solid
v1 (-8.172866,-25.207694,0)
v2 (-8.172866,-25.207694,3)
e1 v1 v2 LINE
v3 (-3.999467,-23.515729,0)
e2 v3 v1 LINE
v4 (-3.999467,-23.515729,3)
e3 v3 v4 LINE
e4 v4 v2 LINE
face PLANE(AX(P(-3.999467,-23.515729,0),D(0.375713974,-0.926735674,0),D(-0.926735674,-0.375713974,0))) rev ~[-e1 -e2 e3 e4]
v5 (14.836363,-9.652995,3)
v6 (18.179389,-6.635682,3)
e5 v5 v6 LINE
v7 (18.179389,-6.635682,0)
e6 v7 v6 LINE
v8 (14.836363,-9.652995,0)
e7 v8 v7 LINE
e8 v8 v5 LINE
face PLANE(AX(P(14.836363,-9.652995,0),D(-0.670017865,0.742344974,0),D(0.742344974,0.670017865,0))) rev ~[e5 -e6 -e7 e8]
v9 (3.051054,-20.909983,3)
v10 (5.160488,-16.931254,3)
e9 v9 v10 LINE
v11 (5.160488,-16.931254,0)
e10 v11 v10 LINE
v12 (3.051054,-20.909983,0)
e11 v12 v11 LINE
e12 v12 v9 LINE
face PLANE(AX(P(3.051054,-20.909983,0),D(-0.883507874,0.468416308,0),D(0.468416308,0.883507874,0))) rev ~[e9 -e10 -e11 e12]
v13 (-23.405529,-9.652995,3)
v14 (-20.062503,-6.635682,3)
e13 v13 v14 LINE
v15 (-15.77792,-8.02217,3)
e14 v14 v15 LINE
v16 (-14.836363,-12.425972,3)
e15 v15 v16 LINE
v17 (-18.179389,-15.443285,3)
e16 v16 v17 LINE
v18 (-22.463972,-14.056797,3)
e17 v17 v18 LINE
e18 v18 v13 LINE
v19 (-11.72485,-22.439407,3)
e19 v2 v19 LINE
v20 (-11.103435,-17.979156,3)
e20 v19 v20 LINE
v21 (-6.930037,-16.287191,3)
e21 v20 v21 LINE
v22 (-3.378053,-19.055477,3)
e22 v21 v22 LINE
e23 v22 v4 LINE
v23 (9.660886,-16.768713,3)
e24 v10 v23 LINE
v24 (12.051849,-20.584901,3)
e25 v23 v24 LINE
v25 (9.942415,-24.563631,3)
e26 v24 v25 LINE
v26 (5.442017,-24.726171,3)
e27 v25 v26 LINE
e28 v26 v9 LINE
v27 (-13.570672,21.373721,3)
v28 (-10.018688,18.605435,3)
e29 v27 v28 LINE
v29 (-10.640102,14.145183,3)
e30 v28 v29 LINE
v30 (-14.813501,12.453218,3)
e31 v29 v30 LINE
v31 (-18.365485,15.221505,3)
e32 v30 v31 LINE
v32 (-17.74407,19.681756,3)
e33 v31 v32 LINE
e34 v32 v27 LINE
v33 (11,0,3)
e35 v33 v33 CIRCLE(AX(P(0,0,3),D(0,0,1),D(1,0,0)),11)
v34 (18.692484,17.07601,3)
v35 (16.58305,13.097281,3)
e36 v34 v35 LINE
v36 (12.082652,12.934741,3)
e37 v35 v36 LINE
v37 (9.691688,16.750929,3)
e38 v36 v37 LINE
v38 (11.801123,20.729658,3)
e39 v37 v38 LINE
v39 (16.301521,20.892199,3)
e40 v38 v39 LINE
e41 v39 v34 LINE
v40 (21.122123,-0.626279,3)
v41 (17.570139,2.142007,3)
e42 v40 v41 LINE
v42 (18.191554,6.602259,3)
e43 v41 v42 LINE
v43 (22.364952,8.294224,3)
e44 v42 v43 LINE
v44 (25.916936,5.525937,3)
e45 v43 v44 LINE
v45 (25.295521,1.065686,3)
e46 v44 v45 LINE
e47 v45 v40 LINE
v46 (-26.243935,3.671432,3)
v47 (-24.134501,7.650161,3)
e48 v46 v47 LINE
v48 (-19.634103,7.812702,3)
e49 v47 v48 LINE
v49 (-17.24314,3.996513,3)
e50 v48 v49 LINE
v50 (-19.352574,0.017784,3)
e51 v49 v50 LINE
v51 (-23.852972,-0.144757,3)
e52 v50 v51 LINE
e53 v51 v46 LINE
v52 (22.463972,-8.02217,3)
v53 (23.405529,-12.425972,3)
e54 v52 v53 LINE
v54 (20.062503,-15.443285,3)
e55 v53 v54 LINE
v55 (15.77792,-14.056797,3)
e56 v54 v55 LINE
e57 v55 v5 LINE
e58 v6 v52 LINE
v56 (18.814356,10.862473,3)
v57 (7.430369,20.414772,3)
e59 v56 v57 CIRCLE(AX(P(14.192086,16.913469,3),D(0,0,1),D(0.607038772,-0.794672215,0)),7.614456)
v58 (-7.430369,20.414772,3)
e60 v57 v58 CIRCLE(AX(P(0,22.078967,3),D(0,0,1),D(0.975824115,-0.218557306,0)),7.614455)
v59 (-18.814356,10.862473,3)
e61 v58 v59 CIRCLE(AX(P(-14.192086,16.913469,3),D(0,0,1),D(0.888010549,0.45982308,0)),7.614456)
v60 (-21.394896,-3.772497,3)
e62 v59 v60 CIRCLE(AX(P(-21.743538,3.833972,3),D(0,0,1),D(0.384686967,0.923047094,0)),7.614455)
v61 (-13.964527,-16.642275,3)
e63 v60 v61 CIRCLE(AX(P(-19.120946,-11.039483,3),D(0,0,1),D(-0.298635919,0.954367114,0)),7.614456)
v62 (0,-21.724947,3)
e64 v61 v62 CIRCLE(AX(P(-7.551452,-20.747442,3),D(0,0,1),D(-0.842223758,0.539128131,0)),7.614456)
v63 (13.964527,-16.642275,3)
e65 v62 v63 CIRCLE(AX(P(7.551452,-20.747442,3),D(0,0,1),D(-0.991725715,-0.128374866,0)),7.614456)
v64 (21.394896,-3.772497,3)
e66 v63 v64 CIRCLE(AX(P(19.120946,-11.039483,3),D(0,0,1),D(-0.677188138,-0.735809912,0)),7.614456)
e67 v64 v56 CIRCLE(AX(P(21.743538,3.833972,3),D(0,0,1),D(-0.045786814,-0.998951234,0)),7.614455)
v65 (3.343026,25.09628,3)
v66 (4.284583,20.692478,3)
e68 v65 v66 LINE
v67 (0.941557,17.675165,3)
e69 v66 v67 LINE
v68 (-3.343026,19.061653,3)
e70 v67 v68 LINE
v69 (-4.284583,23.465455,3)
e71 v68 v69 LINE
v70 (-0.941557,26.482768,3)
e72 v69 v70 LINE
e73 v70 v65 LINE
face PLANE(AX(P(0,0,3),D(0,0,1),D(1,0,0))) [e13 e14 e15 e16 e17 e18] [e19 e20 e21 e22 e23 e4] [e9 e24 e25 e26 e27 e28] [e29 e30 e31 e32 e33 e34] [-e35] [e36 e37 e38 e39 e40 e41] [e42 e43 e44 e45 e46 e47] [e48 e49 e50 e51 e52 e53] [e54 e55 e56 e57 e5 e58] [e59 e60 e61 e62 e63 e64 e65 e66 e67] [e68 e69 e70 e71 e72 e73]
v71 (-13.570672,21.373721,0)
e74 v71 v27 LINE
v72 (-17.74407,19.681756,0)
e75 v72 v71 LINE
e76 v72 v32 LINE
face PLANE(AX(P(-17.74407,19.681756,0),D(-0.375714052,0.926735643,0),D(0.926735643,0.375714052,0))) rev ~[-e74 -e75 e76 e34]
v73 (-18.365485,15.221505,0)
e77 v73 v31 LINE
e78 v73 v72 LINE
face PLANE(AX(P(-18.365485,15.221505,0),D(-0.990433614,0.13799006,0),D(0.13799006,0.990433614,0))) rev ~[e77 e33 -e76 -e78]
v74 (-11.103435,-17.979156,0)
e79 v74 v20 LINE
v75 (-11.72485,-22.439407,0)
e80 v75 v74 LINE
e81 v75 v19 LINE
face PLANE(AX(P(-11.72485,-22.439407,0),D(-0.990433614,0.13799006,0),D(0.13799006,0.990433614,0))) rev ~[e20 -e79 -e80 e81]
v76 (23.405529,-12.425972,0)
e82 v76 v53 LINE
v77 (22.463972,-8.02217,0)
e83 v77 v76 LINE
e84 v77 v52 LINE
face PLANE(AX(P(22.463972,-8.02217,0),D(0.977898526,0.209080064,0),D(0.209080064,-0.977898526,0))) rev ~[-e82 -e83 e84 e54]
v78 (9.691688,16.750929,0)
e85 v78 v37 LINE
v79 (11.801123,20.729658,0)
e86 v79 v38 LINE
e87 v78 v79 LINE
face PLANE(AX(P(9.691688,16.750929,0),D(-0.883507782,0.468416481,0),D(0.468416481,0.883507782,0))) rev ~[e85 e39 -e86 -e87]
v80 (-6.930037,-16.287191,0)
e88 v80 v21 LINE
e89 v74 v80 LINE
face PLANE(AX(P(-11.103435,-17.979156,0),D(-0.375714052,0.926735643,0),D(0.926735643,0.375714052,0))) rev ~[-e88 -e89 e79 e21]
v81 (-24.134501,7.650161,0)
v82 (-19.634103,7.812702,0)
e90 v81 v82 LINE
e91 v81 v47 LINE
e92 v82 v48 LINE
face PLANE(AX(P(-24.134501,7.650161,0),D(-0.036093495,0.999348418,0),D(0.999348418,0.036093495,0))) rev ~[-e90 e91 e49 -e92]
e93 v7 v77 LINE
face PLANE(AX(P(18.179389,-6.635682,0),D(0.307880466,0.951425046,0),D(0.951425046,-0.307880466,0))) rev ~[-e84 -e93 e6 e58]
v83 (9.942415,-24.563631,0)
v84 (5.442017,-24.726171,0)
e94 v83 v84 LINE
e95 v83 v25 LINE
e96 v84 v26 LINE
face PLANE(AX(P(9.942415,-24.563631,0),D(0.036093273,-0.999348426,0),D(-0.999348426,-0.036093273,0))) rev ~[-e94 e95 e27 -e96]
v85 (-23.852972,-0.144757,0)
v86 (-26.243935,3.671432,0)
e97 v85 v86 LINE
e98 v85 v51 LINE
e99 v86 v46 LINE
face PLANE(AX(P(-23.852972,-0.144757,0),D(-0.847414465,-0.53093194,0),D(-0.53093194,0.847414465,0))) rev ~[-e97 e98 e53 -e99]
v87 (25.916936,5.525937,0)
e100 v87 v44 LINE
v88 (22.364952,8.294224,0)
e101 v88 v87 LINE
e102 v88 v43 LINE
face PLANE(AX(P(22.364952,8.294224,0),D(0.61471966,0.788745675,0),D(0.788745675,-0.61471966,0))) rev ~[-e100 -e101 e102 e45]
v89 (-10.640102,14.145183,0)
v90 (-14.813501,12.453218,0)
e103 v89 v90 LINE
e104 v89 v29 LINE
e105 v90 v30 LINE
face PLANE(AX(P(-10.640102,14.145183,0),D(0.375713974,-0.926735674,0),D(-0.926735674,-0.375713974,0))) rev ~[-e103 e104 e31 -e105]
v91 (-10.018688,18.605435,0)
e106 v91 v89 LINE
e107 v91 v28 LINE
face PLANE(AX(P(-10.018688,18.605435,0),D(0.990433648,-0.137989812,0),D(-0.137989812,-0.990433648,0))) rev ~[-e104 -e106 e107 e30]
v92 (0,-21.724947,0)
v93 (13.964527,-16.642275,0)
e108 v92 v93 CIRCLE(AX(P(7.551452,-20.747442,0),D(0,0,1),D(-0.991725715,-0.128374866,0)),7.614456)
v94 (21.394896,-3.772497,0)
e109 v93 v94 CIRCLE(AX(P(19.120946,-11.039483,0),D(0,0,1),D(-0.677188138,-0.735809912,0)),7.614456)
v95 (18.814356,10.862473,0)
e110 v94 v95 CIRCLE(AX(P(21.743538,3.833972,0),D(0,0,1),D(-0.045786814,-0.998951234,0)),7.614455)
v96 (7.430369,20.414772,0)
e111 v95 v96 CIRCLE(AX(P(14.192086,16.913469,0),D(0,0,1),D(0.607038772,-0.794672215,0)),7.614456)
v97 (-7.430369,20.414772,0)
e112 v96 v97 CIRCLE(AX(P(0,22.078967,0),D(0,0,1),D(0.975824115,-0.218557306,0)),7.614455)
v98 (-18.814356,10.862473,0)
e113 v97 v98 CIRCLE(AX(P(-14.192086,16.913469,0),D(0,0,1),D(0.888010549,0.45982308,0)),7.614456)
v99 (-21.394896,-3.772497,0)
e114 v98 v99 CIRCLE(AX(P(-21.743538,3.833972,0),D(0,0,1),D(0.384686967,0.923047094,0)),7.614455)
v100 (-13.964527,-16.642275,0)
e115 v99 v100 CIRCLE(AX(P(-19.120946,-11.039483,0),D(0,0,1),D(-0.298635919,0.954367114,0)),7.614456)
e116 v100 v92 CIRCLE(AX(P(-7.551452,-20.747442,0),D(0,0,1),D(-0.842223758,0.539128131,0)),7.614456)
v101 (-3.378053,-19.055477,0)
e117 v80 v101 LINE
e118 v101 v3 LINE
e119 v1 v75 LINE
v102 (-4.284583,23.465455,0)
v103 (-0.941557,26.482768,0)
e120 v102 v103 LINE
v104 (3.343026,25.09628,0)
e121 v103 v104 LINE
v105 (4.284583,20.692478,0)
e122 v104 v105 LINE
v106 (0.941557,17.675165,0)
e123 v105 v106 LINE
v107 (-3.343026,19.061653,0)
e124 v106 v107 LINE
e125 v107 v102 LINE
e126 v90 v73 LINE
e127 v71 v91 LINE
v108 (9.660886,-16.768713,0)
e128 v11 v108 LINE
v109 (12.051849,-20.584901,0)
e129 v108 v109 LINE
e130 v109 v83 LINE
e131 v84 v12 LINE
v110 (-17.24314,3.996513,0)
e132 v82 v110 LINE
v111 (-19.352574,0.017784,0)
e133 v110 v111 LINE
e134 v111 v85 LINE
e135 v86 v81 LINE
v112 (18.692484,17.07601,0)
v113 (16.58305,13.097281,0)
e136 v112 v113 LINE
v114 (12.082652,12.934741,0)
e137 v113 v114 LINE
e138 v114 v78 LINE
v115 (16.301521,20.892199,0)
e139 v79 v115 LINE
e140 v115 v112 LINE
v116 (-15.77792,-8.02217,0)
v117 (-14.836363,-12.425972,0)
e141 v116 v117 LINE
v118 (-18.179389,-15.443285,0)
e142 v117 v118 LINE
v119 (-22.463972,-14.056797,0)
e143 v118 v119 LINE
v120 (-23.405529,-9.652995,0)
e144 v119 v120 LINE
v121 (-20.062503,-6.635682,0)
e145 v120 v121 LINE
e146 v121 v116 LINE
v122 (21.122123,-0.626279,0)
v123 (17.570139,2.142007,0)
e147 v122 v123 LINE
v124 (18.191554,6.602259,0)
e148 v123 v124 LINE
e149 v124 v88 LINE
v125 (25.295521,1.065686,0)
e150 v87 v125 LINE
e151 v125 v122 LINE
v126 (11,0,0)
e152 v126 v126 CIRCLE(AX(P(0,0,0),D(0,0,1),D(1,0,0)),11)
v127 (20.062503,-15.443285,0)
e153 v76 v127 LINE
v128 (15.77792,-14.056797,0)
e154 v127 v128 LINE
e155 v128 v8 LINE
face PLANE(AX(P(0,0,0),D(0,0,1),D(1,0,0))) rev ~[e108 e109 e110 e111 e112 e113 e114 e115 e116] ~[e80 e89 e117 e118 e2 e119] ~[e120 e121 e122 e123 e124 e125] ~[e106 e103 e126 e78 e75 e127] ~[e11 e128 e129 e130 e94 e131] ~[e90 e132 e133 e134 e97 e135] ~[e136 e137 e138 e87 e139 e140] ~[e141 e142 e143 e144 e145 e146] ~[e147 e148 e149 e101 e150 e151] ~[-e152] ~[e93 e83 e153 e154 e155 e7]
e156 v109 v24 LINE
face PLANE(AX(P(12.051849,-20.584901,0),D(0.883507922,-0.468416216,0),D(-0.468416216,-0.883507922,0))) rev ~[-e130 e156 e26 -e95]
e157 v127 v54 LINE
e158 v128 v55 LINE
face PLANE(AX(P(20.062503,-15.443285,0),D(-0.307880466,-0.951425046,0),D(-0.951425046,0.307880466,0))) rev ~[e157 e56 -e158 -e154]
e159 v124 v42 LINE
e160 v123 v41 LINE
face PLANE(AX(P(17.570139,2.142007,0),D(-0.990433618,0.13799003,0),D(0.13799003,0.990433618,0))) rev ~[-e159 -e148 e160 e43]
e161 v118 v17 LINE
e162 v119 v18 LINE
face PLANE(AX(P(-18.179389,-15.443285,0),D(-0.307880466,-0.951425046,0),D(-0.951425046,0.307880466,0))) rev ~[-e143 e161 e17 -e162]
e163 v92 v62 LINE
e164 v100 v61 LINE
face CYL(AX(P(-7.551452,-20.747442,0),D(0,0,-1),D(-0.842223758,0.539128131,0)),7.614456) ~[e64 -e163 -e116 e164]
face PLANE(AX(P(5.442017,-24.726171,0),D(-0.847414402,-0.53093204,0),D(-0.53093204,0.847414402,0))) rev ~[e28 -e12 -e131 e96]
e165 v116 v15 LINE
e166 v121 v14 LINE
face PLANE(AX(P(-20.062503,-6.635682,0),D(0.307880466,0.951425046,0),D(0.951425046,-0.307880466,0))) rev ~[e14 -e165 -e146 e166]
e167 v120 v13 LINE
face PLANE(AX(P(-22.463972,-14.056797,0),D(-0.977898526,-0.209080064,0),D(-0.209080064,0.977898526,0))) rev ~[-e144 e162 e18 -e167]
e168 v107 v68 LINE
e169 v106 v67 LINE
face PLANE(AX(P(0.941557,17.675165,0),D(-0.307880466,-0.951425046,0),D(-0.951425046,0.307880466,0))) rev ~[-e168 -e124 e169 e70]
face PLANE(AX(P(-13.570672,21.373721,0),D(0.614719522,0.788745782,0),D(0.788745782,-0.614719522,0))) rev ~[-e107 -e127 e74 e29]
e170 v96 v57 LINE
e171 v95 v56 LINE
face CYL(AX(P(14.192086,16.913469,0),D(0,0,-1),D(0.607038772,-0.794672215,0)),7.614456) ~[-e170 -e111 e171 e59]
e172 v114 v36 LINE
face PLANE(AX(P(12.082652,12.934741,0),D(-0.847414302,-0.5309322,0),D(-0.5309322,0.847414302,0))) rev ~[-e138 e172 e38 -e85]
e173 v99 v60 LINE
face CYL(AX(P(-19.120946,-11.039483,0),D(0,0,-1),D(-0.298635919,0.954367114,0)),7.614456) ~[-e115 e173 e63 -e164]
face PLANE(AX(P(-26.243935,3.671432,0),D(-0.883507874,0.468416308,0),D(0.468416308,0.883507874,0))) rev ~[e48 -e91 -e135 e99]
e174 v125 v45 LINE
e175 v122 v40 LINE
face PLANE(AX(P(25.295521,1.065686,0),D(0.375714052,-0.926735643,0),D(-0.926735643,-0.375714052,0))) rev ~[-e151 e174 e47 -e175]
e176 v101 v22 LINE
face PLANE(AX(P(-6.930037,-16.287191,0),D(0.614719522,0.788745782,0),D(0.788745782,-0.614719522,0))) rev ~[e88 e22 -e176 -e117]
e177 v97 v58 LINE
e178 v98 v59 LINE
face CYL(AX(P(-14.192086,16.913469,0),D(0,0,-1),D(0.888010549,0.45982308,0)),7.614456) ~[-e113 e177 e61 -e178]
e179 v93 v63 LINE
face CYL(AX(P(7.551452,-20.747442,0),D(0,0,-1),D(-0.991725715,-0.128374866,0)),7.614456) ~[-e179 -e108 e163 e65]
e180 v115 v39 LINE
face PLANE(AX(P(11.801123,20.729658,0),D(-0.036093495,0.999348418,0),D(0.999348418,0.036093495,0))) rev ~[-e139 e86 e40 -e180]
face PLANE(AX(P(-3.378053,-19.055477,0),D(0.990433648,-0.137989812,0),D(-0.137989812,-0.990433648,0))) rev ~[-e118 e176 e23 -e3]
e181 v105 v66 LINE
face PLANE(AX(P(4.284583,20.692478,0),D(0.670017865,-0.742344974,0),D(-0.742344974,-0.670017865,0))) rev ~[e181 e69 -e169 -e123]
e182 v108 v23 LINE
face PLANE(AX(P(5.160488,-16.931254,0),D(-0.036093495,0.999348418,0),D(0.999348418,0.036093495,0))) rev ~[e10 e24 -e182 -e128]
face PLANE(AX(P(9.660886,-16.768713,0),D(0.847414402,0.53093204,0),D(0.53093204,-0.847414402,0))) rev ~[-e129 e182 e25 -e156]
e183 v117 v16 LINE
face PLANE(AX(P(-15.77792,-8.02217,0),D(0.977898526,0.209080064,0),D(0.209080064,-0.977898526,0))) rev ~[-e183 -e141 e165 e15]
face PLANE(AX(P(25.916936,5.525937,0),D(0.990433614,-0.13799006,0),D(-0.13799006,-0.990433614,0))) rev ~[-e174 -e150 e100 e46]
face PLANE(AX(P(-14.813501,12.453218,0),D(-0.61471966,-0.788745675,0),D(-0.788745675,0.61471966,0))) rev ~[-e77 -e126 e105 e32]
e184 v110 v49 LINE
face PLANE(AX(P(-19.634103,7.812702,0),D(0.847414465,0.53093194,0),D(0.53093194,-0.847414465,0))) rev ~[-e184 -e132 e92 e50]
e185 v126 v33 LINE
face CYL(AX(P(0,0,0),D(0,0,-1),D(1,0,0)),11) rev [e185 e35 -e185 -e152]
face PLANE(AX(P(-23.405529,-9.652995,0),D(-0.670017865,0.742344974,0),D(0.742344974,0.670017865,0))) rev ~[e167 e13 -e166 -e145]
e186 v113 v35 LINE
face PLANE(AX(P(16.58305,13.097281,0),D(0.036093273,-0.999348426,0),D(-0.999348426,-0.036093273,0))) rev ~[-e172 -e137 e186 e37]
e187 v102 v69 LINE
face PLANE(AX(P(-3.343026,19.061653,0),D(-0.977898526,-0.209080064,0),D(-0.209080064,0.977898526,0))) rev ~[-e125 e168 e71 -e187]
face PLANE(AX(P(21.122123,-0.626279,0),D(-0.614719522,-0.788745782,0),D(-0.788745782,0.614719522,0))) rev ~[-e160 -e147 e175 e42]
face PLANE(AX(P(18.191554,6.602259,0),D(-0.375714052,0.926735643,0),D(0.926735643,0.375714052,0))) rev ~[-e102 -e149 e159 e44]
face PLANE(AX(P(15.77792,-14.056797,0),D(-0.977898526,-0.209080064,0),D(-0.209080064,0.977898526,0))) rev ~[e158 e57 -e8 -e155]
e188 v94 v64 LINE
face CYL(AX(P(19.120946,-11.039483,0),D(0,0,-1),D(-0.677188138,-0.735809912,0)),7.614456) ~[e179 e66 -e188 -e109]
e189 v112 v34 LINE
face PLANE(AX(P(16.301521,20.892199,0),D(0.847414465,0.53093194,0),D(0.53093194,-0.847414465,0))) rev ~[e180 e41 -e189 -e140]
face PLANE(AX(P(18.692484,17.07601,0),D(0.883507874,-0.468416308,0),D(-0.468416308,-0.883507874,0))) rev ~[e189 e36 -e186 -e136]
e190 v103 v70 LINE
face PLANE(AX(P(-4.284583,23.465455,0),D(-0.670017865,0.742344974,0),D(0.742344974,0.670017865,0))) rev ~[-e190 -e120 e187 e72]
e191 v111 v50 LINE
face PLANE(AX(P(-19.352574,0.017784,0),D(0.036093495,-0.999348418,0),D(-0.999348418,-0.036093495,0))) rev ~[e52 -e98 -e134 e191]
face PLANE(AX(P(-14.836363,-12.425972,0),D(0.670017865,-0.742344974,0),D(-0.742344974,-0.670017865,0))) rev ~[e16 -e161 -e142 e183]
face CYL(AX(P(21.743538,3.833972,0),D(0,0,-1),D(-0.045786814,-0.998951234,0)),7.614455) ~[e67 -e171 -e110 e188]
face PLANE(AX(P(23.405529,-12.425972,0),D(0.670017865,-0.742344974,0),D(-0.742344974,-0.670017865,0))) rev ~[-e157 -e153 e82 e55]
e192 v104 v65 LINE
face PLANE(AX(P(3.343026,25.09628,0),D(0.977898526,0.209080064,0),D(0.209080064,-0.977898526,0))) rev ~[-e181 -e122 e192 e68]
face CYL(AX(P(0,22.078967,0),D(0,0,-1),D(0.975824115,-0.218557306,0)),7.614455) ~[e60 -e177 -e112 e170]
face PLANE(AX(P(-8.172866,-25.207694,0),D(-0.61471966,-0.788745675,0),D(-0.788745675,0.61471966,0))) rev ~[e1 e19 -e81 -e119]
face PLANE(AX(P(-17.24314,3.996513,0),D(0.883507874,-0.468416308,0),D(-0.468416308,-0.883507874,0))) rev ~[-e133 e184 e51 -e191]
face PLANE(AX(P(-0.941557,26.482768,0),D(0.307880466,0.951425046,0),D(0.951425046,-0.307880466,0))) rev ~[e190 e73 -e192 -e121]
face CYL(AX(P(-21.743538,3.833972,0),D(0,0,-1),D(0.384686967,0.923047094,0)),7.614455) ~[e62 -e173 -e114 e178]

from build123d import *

# Parameters (mm, degrees)
F0_R     = 11
F1_DEPTH = 3


with BuildPart() as f1:
    # F0 (on Top) → F1 (new body)
    with BuildSketch(Plane.XY):
        with BuildLine():
            ThreePointArc((18.814356, 10.862473), (19.086564, 22.746481), (7.430369, 20.414772))
            ThreePointArc((7.430369, 20.414772), (0, 29.693422), (-7.430369, 20.414772))
            ThreePointArc((-7.430369, 20.414772), (-19.086564, 22.746481), (-18.814356, 10.862473))
            ThreePointArc((-18.814356, 10.862473), (-29.242312, 5.156209), (-21.394896, -3.772497))
            ThreePointArc((-21.394896, -3.772497), (-25.715258, -14.846711), (-13.964527, -16.642275))
            ThreePointArc((-13.964527, -16.642275), (-10.155749, -27.90269), (0, -21.724947))
            ThreePointArc((0, -21.724947), (10.155749, -27.90269), (13.964527, -16.642275))
            ThreePointArc((13.964527, -16.642275), (25.715258, -14.846711), (21.394896, -3.772497))
            ThreePointArc((21.394896, -3.772497), (29.242312, 5.156209), (18.814356, 10.862473))
        make_face()
        Polygon((-8.172866, -25.207694), (-11.72485, -22.439407), (-11.103435, -17.979156), (-6.930037, -16.287191), (-3.378053, -19.055477), (-3.999467, -23.515729), align=None, mode=Mode.SUBTRACT)
        Polygon((-22.463972, -14.056797), (-23.405529, -9.652995), (-20.062503, -6.635682), (-15.77792, -8.02217), (-14.836363, -12.425972), (-18.179389, -15.443285), align=None, mode=Mode.SUBTRACT)
        Polygon((9.942415, -24.563631), (5.442017, -24.726171), (3.051054, -20.909983), (5.160488, -16.931254), (9.660886, -16.768713), (12.051849, -20.584901), align=None, mode=Mode.SUBTRACT)
        Circle(F0_R, mode=Mode.SUBTRACT)
        Polygon((23.405529, -12.425972), (20.062503, -15.443285), (15.77792, -14.056797), (14.836363, -9.652995), (18.179389, -6.635682), (22.463972, -8.02217), align=None, mode=Mode.SUBTRACT)
        Polygon((-26.243935, 3.671432), (-24.134501, 7.650161), (-19.634103, 7.812702), (-17.24314, 3.996513), (-19.352574, 0.017784), (-23.852972, -0.144757), align=None, mode=Mode.SUBTRACT)
        Polygon((-17.74407, 19.681756), (-13.570672, 21.373721), (-10.018688, 18.605435), (-10.640102, 14.145183), (-14.813501, 12.453218), (-18.365485, 15.221505), align=None, mode=Mode.SUBTRACT)
        Polygon((3.343026, 25.09628), (4.284583, 20.692478), (0.941557, 17.675165), (-3.343026, 19.061653), (-4.284583, 23.465455), (-0.941557, 26.482768), align=None, mode=Mode.SUBTRACT)
        Polygon((25.916936, 5.525937), (25.295521, 1.065686), (21.122123, -0.626279), (17.570139, 2.142007), (18.191554, 6.602259), (22.364952, 8.294224), align=None, mode=Mode.SUBTRACT)
        Polygon((16.301521, 20.892199), (18.692484, 17.07601), (16.58305, 13.097281), (12.082652, 12.934741), (9.691688, 16.750929), (11.801123, 20.729658), align=None, mode=Mode.SUBTRACT)
    extrude(amount=F1_DEPTH)


solid = f1.part
